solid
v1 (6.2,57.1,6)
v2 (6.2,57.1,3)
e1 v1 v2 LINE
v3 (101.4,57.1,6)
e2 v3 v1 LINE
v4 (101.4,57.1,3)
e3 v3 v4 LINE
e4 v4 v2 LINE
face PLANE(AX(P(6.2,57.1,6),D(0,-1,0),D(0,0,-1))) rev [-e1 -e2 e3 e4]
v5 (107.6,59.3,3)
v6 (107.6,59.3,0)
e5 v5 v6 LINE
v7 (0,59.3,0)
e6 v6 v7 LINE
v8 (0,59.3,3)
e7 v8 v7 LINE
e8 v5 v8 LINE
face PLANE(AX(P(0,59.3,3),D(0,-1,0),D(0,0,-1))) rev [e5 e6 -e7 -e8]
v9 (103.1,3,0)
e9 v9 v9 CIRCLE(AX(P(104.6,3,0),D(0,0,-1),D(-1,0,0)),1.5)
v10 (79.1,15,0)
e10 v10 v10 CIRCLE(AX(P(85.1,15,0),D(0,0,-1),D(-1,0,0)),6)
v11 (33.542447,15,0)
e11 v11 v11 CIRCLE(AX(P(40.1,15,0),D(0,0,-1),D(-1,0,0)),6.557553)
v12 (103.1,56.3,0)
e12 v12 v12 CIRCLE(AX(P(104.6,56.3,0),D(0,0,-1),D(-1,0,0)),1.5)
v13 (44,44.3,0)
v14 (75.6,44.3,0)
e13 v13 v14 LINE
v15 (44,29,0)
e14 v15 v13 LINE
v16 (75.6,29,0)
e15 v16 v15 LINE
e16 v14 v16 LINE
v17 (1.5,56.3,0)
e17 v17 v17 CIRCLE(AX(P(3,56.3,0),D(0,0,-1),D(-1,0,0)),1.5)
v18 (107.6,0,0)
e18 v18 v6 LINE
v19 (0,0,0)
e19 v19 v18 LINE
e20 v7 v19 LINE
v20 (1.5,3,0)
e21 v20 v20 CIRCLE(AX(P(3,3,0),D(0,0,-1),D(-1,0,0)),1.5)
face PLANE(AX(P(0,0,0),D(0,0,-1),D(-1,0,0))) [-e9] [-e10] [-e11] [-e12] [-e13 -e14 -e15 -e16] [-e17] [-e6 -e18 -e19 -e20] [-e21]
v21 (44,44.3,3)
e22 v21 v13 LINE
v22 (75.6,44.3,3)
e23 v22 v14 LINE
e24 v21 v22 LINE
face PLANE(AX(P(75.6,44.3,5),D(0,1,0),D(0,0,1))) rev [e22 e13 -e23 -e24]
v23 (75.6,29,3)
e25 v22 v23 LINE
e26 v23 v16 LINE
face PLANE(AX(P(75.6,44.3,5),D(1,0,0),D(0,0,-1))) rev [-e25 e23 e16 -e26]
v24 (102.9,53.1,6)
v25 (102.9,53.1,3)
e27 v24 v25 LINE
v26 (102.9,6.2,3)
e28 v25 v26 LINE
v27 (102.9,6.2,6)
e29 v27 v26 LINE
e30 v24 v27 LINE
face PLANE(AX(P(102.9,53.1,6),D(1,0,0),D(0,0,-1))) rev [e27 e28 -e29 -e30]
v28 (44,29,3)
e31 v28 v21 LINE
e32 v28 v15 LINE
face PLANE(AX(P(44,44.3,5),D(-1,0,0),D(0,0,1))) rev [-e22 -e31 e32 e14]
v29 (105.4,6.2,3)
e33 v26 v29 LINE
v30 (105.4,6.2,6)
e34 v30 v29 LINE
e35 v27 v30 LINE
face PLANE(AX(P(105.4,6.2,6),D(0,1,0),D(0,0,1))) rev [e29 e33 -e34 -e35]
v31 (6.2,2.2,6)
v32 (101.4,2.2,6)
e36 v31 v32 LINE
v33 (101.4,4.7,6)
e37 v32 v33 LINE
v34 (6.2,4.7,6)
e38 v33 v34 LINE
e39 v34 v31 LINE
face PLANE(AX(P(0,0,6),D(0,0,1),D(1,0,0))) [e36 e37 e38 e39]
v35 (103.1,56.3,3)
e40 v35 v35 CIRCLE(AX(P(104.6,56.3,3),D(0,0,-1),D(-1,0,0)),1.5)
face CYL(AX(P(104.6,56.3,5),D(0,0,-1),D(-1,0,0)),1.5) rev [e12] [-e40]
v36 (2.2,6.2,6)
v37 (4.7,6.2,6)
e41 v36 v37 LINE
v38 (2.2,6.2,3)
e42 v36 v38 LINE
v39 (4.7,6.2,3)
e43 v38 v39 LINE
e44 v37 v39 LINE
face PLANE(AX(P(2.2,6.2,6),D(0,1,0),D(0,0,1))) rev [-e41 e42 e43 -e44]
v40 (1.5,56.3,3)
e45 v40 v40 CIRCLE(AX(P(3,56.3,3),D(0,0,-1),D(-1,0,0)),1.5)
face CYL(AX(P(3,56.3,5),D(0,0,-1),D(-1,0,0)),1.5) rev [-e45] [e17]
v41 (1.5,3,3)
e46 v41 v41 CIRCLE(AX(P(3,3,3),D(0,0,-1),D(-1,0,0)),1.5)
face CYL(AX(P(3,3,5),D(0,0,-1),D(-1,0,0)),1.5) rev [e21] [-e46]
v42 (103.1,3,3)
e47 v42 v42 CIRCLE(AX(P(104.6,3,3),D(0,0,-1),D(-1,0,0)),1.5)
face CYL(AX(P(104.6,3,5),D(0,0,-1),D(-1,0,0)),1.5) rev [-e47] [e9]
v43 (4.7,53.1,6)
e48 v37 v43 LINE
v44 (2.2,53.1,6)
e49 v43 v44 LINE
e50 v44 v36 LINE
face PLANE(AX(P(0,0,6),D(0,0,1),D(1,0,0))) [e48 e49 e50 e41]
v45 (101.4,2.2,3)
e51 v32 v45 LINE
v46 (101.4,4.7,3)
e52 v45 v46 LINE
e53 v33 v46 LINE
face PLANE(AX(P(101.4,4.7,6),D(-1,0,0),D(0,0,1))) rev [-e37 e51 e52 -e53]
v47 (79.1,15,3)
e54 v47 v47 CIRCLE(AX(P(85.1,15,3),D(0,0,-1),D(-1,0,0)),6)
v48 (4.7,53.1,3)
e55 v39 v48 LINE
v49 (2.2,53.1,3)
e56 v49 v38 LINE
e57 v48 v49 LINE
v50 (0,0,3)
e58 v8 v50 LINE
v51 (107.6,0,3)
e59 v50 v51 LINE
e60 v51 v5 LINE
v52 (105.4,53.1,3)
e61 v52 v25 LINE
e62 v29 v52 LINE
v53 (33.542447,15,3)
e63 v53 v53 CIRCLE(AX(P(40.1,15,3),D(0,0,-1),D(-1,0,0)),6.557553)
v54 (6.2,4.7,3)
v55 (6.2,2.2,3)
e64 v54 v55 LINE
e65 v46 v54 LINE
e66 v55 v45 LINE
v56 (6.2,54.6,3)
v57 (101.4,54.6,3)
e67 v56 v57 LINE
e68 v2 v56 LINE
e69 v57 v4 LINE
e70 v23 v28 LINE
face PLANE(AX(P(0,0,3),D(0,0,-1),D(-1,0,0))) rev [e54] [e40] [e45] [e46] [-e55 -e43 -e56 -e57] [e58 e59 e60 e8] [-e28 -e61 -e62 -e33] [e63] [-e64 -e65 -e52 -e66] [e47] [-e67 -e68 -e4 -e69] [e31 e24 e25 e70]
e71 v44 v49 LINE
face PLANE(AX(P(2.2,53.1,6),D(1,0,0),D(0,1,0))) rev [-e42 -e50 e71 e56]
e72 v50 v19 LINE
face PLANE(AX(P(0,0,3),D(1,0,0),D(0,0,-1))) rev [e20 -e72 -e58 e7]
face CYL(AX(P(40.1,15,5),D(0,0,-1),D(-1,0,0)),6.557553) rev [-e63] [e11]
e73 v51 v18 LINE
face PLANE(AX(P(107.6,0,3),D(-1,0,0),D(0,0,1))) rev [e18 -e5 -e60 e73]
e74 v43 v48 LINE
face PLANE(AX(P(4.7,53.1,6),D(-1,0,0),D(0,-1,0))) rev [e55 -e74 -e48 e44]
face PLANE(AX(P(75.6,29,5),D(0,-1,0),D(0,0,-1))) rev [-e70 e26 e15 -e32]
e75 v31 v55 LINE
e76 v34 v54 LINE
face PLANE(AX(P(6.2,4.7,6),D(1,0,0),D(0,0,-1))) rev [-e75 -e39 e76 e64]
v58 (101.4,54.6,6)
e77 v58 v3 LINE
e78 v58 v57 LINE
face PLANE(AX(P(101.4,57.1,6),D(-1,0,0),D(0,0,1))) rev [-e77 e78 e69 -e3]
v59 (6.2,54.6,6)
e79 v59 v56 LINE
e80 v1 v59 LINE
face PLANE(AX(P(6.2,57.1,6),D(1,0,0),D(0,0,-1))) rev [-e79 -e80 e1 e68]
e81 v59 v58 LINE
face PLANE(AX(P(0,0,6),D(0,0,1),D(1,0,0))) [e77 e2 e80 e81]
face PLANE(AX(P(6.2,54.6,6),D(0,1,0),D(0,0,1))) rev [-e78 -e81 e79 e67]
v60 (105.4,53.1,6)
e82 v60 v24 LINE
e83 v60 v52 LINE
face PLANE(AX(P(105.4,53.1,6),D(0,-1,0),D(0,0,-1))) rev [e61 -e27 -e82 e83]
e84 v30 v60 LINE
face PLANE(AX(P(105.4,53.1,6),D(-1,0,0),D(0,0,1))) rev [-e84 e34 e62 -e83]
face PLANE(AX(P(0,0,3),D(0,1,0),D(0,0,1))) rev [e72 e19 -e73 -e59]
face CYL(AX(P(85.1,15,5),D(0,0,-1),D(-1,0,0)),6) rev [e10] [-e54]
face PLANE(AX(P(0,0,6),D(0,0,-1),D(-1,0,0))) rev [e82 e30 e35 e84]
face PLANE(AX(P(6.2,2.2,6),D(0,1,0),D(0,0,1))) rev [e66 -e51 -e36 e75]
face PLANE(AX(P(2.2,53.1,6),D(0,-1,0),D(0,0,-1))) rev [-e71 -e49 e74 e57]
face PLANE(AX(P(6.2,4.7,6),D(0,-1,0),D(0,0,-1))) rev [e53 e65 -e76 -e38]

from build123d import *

# Parameters (mm, degrees)
SKETCH1_W           = 107.6
SKETCH1_H           = 59.3
BOSS_EXTRUDE1_DEPTH = 3
SKETCH2_W           = 95.2
SKETCH2_H           = 2.5
SKETCH2_W_2         = 2.5
SKETCH2_H_2         = 46.9
BOSS_EXTRUDE2_DEPTH = 3
SKETCH3_R           = 1.5
SKETCH3_R_2         = 6
SKETCH3_R_3         = 6.557552613
SKETCH3_W           = 31.6
SKETCH3_H           = 15.3
CUT_EXTRUDE1_DEPTH  = 5


with BuildPart() as part:
    # Sketch1 → Boss-Extrude1 (new body)
    with BuildSketch(Plane.XY):
        with Locations((53.8, 29.65)):
            Rectangle(SKETCH1_W, SKETCH1_H)
    extrude(amount=BOSS_EXTRUDE1_DEPTH)

    # Sketch2 → Boss-Extrude2 (add)
    with BuildSketch(Plane.XY.offset(3)):
        with Locations((53.8, 55.85)):
            Rectangle(SKETCH2_W, SKETCH2_H)
        with Locations((3.45, 29.65)):
            Rectangle(SKETCH2_W_2, SKETCH2_H_2)
        with Locations((53.8, 3.45)):
            Rectangle(SKETCH2_W, SKETCH2_H)
        with Locations((104.15, 29.65)):
            Rectangle(SKETCH2_W_2, SKETCH2_H_2)
    extrude(amount=BOSS_EXTRUDE2_DEPTH)

    # Sketch3 → Cut-Extrude1 (cut)
    with BuildSketch(Plane(origin=(0, 0, 0), x_dir=(-1, 0, 0), z_dir=(0, 0, -1))):
        with Locations((-104.6, 56.3)):
            Circle(SKETCH3_R)
        with Locations((-3, 56.3)):
            Circle(SKETCH3_R)
        with Locations((-3, 3)):
            Circle(SKETCH3_R)
        with Locations((-104.6, 3)):
            Circle(SKETCH3_R)
        with Locations((-85.1, 15)):
            Circle(SKETCH3_R_2)
        with Locations((-40.1, 15)):
            Circle(SKETCH3_R_3)
        with Locations((-59.8, 36.65)):
            Rectangle(SKETCH3_W, SKETCH3_H)
    extrude(amount=-CUT_EXTRUDE1_DEPTH, mode=Mode.SUBTRACT)


solid = part.part
